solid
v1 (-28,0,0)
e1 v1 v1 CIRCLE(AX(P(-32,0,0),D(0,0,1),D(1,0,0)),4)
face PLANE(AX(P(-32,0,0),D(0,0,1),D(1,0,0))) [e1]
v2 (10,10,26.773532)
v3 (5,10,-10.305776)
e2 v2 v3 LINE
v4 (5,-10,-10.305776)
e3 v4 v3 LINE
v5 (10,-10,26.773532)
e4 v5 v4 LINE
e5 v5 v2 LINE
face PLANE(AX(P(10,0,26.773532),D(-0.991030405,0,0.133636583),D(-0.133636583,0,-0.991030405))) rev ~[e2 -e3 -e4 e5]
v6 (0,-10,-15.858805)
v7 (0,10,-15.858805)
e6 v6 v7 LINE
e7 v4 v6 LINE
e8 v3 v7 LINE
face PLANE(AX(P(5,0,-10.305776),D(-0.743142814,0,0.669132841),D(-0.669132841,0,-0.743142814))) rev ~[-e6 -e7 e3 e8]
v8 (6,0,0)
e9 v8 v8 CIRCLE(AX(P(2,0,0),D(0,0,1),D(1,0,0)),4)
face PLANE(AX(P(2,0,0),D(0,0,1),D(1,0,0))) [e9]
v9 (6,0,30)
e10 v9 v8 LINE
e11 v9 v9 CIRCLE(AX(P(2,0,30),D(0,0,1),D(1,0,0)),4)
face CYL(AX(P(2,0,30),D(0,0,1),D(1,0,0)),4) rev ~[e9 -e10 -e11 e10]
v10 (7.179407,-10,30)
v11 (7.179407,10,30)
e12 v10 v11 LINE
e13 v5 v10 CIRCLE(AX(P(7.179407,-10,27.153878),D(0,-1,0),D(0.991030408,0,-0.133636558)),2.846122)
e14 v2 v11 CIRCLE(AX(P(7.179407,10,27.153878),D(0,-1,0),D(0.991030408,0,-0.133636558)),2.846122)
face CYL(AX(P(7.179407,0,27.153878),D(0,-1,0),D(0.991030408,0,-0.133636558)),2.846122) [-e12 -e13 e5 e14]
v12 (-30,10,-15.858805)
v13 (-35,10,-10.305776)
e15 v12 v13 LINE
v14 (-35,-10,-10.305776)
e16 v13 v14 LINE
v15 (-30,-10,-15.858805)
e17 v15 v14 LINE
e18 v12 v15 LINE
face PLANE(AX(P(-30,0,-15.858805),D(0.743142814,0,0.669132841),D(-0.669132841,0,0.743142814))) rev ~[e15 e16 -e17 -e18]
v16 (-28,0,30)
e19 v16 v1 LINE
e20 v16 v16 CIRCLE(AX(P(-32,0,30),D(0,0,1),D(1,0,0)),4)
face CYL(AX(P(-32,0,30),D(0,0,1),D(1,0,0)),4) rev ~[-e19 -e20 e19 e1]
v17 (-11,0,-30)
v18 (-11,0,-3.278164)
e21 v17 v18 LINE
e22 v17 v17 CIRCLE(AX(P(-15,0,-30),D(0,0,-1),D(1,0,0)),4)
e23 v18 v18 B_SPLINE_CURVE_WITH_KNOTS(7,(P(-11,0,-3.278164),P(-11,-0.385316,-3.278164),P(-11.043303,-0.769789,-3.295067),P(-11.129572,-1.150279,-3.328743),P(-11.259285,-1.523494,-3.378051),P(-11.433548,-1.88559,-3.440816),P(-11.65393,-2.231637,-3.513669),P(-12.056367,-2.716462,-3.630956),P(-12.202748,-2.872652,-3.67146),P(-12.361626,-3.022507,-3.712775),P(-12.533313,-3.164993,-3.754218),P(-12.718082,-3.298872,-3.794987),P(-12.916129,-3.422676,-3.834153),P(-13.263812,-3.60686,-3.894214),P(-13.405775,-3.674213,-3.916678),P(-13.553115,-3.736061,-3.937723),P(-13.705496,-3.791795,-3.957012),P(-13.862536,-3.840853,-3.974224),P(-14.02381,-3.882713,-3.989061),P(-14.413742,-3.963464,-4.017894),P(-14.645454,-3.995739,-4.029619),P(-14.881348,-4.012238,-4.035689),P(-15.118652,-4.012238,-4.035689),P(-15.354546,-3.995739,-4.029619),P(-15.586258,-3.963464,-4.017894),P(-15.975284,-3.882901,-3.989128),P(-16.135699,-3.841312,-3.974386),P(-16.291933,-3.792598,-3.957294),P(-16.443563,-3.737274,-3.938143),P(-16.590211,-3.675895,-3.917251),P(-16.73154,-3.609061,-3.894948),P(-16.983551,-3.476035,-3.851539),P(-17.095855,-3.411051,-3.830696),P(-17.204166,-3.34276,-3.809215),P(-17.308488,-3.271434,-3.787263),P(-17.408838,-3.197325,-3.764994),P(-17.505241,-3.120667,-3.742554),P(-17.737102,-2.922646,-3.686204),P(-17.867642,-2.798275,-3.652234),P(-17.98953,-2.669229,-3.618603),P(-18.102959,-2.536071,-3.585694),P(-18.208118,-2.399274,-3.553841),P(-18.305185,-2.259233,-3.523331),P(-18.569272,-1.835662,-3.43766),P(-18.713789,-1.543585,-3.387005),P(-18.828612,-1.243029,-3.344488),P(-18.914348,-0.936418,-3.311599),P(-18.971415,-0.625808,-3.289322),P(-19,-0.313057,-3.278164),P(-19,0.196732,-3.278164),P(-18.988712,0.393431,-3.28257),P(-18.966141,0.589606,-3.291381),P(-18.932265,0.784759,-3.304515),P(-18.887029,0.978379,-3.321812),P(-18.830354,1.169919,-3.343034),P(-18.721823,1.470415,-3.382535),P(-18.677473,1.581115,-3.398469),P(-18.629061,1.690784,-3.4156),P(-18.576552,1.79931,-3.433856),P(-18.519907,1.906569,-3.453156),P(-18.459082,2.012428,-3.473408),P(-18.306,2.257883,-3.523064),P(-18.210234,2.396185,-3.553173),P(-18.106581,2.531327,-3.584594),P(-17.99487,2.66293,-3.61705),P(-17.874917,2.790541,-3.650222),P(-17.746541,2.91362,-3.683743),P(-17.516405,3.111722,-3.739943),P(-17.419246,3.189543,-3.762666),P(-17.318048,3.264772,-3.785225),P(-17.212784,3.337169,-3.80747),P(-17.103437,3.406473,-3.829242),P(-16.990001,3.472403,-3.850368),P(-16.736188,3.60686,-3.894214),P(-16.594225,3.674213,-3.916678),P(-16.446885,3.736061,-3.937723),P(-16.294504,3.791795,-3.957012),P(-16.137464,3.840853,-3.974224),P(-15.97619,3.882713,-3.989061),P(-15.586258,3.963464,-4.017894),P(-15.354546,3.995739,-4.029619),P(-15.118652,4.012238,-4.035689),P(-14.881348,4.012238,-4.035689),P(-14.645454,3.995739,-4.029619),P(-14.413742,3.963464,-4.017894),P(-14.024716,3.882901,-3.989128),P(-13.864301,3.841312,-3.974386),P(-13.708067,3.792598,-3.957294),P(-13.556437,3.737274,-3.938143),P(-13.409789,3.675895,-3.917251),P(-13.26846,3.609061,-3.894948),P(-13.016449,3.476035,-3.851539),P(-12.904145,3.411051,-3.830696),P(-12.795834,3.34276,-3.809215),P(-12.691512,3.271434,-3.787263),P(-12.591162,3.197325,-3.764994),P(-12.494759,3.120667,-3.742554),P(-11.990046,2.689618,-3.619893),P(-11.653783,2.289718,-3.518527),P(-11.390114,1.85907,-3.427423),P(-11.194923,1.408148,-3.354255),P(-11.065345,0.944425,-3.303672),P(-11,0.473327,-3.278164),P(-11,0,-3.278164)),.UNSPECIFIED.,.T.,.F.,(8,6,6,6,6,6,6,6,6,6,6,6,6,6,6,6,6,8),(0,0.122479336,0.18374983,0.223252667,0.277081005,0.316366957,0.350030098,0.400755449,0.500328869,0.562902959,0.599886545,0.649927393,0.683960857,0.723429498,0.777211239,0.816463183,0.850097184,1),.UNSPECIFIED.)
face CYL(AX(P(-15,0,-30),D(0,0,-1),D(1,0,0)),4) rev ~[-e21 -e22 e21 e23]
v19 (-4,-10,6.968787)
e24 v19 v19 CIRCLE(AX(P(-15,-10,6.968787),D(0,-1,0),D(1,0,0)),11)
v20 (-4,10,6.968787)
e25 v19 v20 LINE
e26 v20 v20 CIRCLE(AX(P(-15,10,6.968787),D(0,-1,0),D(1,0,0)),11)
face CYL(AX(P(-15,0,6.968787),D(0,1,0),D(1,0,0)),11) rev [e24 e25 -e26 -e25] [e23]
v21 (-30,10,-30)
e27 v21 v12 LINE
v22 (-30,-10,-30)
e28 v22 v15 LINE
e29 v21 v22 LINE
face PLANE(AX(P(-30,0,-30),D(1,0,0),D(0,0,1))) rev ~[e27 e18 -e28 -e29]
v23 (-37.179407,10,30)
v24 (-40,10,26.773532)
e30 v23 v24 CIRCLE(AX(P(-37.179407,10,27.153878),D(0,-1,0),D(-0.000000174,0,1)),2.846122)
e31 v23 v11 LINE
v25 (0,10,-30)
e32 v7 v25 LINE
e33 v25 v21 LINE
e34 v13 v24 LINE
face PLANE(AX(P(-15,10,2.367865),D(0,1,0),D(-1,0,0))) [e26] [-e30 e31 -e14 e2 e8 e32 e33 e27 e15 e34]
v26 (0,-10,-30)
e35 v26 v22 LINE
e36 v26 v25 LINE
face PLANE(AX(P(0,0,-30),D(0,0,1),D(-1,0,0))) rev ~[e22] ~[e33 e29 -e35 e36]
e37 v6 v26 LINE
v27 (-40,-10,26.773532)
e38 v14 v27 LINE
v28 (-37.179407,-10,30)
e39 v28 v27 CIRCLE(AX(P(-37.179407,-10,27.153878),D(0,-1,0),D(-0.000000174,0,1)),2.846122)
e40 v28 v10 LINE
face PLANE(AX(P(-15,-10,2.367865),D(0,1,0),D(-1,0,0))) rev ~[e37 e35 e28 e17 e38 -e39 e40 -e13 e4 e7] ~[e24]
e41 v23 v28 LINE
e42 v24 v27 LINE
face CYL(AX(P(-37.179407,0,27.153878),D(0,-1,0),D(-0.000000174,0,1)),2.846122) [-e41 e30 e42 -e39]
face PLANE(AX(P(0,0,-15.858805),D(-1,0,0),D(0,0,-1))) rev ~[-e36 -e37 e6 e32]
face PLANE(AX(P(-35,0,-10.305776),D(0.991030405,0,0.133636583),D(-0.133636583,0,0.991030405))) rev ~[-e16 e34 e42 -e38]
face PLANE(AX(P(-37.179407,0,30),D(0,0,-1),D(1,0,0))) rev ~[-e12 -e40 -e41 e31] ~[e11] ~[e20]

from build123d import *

# Parameters (mm, degrees)
SKETCH002_R      = 4
EXTRUDE002_DEPTH = 30
SKETCH001_R      = 4
EXTRUDE001_DEPTH = 30
SKETCH_R         = 11
EXTRUDE_DEPTH    = 10


with BuildPart() as extrude002:
    # Sketch002 (on Face1 of Cut) → Extrude002 (new body)
    with BuildSketch(Plane.XY.offset(30)):
        with Locations((2, 0)):
            Circle(SKETCH002_R)
        with Locations((-32, 0)):
            Circle(SKETCH002_R)
    extrude(amount=-EXTRUDE002_DEPTH)


with BuildPart() as extrude001:
    # Sketch001 (on Face6 of Extrude) → Extrude001 (new body)
    with BuildSketch(Plane(origin=(0, 0, -30), x_dir=(1, 0, 0), z_dir=(0, 0, -1))):
        with Locations((-15, 0)):
            Circle(SKETCH001_R)
    extrude(amount=-EXTRUDE001_DEPTH)


with BuildPart() as body:
    # Sketch → Extrude (new body, symmetric)
    with BuildSketch(Plane(origin=(-15, 0, -30), x_dir=(1, 0, 0), z_dir=(0, -1, 0))):
        with BuildLine():
            Line((-22.179407, 60), (22.179407, 60))
            ThreePointArc((25, 56.773532), (24.322176, 59.027097), (22.179407, 60))
            Line((25, 56.773532), (20, 19.694224))
            Line((20, 19.694224), (15, 14.141195))
            Line((15, 14.141195), (15, 0))
            Line((15, 0), (-15, 0))
            Line((-15, 0), (-15, 14.141195))
            Line((-15, 14.141195), (-20, 19.694224))
            Line((-20, 19.694224), (-25, 56.773532))
            ThreePointArc((-22.179407, 60), (-24.322176, 59.027097), (-25, 56.773532))
        make_face()
        with Locations((0, 36.968787)):
            Circle(SKETCH_R, mode=Mode.SUBTRACT)
    extrude(amount=EXTRUDE_DEPTH, both=True)

    # Cut: cut Extrude001
    add(extrude001.part, mode=Mode.SUBTRACT)

    # Cut001: cut Extrude002
    add(extrude002.part, mode=Mode.SUBTRACT)


solid = body.part
